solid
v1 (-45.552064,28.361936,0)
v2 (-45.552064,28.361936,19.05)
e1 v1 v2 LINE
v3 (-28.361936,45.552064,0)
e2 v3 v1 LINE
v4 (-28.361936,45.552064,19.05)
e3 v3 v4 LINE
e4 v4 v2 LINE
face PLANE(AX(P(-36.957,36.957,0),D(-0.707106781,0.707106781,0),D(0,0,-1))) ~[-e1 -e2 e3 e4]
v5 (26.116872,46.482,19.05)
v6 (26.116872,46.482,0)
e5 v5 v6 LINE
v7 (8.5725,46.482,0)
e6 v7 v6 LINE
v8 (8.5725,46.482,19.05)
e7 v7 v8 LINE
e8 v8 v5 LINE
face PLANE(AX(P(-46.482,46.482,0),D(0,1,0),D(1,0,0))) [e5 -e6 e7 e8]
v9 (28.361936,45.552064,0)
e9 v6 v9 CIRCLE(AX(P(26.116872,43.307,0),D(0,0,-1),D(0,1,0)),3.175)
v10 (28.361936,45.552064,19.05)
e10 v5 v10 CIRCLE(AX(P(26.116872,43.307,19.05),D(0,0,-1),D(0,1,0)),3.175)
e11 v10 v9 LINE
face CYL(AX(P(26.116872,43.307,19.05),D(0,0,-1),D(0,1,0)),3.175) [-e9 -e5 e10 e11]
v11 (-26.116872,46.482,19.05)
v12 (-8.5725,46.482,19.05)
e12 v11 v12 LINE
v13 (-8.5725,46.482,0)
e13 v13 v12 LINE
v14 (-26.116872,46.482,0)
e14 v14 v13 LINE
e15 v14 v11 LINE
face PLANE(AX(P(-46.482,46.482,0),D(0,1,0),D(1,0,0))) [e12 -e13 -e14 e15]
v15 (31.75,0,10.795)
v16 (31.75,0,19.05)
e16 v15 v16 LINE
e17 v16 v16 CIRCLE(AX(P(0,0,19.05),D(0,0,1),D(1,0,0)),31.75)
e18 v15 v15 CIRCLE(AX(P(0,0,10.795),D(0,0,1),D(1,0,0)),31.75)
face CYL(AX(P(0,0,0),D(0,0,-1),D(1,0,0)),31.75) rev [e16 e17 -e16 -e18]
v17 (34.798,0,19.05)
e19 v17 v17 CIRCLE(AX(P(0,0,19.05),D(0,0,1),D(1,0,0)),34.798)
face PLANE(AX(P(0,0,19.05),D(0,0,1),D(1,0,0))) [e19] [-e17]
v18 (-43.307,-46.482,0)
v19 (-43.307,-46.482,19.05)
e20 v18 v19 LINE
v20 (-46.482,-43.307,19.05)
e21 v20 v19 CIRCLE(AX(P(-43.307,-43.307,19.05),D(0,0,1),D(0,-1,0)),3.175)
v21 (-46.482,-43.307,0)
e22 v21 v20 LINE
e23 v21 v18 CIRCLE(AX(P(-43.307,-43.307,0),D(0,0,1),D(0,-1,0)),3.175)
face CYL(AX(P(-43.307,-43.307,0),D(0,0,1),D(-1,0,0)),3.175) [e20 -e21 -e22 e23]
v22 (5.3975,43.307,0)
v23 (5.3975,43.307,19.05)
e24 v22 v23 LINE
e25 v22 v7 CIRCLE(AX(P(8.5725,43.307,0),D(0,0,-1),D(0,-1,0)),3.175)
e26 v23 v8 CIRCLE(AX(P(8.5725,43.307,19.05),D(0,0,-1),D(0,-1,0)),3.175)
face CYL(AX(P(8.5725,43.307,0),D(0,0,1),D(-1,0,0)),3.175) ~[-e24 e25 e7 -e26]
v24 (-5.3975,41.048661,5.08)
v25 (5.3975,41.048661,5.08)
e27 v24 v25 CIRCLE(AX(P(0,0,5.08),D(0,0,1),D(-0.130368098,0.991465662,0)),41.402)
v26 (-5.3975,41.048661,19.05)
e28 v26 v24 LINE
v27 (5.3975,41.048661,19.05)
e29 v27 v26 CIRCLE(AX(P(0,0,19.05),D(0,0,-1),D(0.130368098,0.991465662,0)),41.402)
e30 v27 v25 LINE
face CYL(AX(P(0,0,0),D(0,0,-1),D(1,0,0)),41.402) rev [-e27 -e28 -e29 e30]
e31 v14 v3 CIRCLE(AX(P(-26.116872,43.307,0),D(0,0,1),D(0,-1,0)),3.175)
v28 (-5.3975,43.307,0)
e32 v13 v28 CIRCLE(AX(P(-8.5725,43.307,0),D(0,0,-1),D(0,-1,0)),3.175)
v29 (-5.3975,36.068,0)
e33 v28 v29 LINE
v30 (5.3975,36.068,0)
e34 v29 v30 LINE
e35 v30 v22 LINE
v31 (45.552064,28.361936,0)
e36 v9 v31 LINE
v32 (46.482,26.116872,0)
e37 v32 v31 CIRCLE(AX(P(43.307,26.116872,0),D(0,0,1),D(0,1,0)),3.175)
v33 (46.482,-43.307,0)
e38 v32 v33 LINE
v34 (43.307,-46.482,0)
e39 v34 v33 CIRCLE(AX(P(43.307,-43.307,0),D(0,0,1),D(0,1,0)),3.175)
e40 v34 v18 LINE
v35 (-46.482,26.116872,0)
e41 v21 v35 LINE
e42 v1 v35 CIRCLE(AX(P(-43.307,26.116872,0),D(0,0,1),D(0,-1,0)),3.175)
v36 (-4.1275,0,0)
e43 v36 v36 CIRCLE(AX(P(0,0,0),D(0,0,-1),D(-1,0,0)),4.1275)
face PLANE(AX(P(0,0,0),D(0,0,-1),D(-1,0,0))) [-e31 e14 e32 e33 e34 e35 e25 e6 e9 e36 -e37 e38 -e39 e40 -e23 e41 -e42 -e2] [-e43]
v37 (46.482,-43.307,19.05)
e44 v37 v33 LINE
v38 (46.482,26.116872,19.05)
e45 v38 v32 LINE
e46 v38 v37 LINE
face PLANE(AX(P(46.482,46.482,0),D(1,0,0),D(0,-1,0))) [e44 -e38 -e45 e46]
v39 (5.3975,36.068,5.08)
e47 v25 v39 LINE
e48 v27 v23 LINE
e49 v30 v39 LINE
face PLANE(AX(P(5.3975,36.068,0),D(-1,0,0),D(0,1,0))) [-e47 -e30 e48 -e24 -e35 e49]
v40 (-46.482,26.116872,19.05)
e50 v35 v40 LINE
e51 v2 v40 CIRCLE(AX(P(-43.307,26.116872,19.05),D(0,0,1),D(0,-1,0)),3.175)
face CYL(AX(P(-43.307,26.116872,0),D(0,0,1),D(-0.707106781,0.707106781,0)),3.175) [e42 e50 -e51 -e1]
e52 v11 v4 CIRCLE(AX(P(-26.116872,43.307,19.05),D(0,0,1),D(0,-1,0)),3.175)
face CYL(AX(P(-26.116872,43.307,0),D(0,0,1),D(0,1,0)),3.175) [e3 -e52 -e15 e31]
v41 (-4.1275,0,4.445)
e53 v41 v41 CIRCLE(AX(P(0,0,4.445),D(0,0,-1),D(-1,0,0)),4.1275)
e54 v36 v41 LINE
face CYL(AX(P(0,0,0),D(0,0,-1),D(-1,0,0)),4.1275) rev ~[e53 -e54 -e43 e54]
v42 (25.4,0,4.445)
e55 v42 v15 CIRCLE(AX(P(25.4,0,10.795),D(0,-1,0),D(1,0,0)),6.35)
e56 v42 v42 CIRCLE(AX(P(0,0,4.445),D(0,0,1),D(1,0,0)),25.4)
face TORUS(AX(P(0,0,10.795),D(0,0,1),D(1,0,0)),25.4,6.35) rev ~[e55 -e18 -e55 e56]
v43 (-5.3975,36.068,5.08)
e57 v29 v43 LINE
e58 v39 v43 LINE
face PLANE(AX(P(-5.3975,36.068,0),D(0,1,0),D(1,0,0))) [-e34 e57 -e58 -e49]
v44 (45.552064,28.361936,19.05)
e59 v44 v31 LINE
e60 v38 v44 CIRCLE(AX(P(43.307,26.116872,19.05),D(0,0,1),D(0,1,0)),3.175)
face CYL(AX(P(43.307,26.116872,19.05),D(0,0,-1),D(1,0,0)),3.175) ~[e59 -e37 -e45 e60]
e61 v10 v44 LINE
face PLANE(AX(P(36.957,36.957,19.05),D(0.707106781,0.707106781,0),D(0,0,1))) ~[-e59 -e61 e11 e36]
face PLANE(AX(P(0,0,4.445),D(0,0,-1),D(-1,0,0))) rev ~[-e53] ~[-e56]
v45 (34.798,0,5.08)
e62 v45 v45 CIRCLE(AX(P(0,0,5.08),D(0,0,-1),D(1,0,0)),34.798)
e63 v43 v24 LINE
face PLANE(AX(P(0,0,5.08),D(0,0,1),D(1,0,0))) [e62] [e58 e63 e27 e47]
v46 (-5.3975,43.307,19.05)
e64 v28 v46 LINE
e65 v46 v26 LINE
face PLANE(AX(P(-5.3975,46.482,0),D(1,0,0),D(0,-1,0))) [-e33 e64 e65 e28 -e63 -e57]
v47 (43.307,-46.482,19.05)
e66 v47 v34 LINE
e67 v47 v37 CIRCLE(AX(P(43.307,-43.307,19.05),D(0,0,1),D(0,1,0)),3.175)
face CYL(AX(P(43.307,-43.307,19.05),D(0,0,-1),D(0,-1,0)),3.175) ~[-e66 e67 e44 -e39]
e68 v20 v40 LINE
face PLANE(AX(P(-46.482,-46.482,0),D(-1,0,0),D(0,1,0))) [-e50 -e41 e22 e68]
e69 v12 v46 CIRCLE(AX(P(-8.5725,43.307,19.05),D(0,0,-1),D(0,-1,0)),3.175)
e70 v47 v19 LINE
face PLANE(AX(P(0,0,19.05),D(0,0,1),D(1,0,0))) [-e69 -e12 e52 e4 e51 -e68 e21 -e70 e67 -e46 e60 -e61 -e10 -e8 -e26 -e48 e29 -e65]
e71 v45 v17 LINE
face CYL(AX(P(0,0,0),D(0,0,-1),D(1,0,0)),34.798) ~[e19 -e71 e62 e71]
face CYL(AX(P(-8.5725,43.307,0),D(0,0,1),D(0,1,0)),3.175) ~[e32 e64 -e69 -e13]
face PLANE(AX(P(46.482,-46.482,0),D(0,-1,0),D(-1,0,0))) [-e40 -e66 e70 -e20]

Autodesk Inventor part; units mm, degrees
ref_plane "YZ Plane" through (0, 0, 0) normal (1, 0, 0) x (0, 1, 0)
ref_plane "XZ Plane" through (0, 0, 0) normal (0, 1, 0) x (-1, 0, 0)
ref_plane "XY Plane" through (0, 0, 0) normal (0, 0, 1) x (1, 0, 0)
sketch "Sketch1" plane through (0, 0, 0) normal (0, 0, 1) x (1, 0, 0)
  circle A0 centre (0, 0) radius 31.75
  circle A1 centre (0, 0) radius 34.798
  circle A2 centre (0, 0) radius 41.402
  line L0 (-46.482, 46.482) -> (46.482, 46.482)
  line L1 (46.482, 46.482) -> (46.482, -46.482)
  line L2 (46.482, -46.482) -> (-46.482, -46.482)
  line L3 (-46.482, -46.482) -> (-46.482, 46.482)
  line L4 (0, 46.482) -> (0, 41.402) construction
  line L5 (0, -41.402) -> (0, -46.482) construction
  line L6 (-46.482, 0) -> (-41.402, 0) construction
  line L7 (46.482, 0) -> (41.402, 0) construction
  dimension "d0" = 63.5
  dimension "d1" = 69.596
  dimension "d2" = 82.804
  dimension "d3" = 5.08
extrude "Extrusion1" add sketch "Sketch1" along normal blind 5.08 contours A1 | A2 | L0 L1 L2 L3
extrude "Extrusion2" add sketch "Sketch1" along normal blind 19.05 contours A1
extrude "Extrusion3" add sketch "Sketch1" along normal blind 19.05 contours L0 L1 L2 L3
sketch "Sketch2" plane through (0, 0, 0) normal (0, 0, -1) x (-1, 0, 0)
  circle A0 centre (0, 0) radius 34.798 construction
  line L0 (46.482, 46.482) -> (-46.482, 46.482) projected
  line L1 (-5.3975, 46.482) -> (5.3975, 46.482)
  line L2 (5.3975, 46.482) -> (5.3975, 36.068)
  line L3 (5.3975, 36.068) -> (-5.3975, 36.068)
  line L4 (-5.3975, 36.068) -> (-5.3975, 46.482)
  line L5 (0, 34.798) -> (0, 36.068) construction
  dimension "d10" = 10.795
  dimension "d11" = 1.27
extrude "Extrusion4" cut sketch "Sketch2" against normal blind 19.05
chamfer "Chamfer1" distance 19.05 angle 45 2 edges at (46.482, 46.482, 9.525) (-46.482, 46.482, 9.525)
fillet "Fillet1" radius 3.175 8 edges at (46.482, -46.482, 9.525) (46.482, 27.432, 9.525) (27.432, 46.482, 9.525) (5.3975, 46.482, 9.525) (-5.3975, 46.482, 9.525) (-27.432, 46.482, 9.525) (-46.482, 27.432, 9.525) (-46.482, -46.482, 9.525)
sketch "Sketch3" plane through (0, 0, 0) normal (0, 0, -1) x (-1, 0, 0)
  circle A0 centre (0, 0) radius 31.75 projected
  circle A1 centre (0, 0) radius 4.1275
  dimension "d18" = 8.255
extrude "Extrusion5" add sketch "Sketch3" against normal blind 4.445
fillet "Fillet2" radius 6.35 1 edges at (-31.75, 0, 4.445)
properties part number "BallastTankMillFixture"
